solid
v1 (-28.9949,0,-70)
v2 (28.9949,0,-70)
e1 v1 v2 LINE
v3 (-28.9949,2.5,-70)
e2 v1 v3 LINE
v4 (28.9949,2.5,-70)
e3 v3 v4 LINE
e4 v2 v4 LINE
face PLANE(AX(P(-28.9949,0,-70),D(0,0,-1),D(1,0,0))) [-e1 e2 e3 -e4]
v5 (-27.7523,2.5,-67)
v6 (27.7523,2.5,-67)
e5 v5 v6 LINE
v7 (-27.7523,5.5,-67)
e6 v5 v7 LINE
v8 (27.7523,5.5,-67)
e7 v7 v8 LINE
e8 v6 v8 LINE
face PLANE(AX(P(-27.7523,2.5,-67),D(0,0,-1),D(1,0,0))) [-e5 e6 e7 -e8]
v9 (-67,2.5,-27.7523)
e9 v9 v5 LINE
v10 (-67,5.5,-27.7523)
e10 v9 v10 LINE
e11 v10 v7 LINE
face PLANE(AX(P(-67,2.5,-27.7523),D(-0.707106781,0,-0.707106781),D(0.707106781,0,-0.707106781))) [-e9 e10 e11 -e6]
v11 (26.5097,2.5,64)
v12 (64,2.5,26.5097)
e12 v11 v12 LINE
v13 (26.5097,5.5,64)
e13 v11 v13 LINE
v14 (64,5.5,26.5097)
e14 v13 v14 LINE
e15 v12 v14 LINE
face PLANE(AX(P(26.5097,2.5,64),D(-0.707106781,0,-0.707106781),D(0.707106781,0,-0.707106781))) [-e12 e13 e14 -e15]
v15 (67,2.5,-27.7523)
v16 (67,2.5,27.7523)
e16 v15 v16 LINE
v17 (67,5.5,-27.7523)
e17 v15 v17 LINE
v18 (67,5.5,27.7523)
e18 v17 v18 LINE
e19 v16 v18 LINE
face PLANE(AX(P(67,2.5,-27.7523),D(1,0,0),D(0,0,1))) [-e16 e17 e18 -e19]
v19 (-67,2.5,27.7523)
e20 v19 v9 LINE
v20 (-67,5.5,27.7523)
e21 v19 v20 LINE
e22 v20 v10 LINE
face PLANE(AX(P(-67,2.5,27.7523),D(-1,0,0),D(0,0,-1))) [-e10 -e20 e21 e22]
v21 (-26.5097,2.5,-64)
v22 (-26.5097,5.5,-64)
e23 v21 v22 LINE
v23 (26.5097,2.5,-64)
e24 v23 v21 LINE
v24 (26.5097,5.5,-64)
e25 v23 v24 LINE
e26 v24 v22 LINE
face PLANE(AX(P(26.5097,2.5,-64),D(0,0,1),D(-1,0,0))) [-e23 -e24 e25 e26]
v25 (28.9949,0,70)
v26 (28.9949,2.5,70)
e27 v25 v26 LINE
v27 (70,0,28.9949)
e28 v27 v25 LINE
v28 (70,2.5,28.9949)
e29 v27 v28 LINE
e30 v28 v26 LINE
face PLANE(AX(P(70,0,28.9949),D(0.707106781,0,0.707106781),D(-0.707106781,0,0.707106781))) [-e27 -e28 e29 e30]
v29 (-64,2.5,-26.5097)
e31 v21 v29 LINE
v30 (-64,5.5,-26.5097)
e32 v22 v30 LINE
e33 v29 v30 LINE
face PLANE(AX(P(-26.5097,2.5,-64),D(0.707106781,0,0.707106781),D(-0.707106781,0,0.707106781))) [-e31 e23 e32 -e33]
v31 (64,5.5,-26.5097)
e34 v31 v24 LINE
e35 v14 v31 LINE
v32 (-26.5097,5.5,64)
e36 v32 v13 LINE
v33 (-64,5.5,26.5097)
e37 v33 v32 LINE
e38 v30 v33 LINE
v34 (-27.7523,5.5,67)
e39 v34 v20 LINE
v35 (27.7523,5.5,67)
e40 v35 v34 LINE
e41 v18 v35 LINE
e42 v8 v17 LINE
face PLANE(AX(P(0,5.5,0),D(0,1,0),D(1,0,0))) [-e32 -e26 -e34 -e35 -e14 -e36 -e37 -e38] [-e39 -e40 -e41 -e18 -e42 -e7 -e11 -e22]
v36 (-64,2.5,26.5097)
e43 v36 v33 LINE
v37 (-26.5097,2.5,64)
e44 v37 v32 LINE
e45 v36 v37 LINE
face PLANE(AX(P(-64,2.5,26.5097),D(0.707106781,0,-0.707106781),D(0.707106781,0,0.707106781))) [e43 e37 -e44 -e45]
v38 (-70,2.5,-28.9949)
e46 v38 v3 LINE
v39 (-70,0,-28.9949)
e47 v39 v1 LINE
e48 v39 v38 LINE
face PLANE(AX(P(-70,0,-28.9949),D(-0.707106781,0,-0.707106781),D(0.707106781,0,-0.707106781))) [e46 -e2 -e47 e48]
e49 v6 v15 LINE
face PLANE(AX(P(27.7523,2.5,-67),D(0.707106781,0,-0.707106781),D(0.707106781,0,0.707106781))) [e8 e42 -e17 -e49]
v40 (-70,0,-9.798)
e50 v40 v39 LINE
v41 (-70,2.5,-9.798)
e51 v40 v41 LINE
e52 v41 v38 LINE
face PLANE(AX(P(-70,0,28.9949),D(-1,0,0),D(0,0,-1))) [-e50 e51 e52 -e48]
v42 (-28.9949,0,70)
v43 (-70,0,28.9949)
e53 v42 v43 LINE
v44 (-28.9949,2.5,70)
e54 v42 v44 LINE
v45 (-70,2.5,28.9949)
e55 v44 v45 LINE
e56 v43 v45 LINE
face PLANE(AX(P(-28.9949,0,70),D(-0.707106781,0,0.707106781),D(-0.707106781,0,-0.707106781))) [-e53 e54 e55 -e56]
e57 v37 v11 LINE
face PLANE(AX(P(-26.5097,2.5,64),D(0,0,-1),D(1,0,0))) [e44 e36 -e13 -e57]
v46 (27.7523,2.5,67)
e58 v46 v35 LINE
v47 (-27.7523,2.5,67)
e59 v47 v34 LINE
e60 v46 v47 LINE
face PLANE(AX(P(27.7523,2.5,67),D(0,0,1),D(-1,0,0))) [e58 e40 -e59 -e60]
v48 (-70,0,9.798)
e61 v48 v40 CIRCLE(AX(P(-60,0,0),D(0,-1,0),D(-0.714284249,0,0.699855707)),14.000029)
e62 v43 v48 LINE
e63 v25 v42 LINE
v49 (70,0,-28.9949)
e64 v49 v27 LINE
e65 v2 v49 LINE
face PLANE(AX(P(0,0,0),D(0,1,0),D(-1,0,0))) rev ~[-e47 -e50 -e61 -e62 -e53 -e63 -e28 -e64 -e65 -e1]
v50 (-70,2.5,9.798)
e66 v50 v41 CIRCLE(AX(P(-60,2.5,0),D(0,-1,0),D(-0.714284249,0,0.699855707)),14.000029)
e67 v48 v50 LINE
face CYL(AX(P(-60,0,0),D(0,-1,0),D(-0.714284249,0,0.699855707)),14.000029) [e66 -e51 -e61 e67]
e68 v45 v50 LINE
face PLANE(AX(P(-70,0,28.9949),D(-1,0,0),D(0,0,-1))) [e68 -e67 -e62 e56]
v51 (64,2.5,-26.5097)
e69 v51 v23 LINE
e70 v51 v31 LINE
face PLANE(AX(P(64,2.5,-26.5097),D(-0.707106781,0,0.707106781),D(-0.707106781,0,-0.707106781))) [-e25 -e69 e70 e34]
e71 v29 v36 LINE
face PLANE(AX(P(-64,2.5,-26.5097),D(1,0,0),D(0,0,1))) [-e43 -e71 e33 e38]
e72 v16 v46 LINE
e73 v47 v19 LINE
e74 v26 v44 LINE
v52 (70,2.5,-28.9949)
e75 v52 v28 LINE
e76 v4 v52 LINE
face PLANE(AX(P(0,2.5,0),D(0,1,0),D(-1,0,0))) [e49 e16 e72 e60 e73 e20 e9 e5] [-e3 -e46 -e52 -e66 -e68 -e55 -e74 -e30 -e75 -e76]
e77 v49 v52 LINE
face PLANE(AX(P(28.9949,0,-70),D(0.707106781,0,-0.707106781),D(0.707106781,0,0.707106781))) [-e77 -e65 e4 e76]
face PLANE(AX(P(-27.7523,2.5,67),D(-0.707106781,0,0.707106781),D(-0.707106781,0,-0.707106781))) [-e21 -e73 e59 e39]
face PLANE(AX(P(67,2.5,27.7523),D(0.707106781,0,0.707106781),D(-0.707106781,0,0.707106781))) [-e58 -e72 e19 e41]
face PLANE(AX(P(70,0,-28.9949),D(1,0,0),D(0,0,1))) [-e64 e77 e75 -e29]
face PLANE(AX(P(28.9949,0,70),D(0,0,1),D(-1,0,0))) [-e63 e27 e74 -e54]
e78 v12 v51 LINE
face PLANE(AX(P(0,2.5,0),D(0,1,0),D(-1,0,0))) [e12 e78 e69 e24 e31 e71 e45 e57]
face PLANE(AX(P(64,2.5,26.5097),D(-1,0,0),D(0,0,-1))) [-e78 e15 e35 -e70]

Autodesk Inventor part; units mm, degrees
ref_plane "YZ Plane" through (0, 0, 0) normal (1, 0, 0) x (0, 1, 0)
ref_plane "XZ Plane" through (0, 0, 0) normal (0, 1, 0) x (-1, 0, 0)
ref_plane "XY Plane" through (0, 0, 0) normal (0, 0, 1) x (1, 0, 0)
sketch "Skizze4" plane through (0, 0, 0) normal (0, 1, 0) x (-1, 0, 0)
  line L0 (28.9949, 70) -> (70, 28.9949)
  line L1 (70, 28.9949) -> (70, -28.9949)
  line L2 (70, -28.9949) -> (28.9949, -70)
  line L3 (28.9949, -70) -> (-28.9949, -70)
  line L4 (-28.9949, -70) -> (-70, -28.9949)
  line L5 (-70, -28.9949) -> (-70, 28.9949)
  line L6 (-70, 28.9949) -> (-28.9949, 70)
  line L7 (-28.9949, 70) -> (28.9949, 70)
  line L8 (0, -98) -> (0, 98) construction
  line L9 (98, 0) -> (-98, 0) construction
  point P0 (0, 0)
  point P1 (0, 0)
  dimension "d4" = 140
extrude "Extrusion2" add sketch "Skizze4" along normal blind 2.5
sketch "Skizze9" plane through (0, 2.5, 0) normal (0, 1, 0) x (1, 0, 0)
  line L0 (-70, -28.9949) -> (-28.9949, -70) construction
  line L1 (-28.9949, -70) -> (28.9949, -70) construction
  line L2 (28.9949, -70) -> (70, -28.9949) construction
  line L3 (70, -28.9949) -> (70, 28.9949) construction
  line L4 (70, 28.9949) -> (28.9949, 70) construction
  line L5 (28.9949, 70) -> (-28.9949, 70) construction
  line L6 (-28.9949, 70) -> (-70, 28.9949) construction
  line L7 (-70, 28.9949) -> (-70, -28.9949) construction
  line L8 (-27.7523, -67) -> (-67, -27.7523)
  line L9 (-67, -27.7523) -> (-67, 27.7523)
  line L10 (-67, 27.7523) -> (-27.7523, 67)
  line L11 (-27.7523, 67) -> (27.7523, 67)
  line L12 (27.7523, 67) -> (67, 27.7523)
  line L13 (67, 27.7523) -> (67, -27.7523)
  line L14 (67, -27.7523) -> (27.7523, -67)
  line L15 (27.7523, -67) -> (-27.7523, -67)
  line L16 (-64, -26.5097) -> (-26.5097, -64)
  line L17 (-26.5097, -64) -> (26.5097, -64)
  line L18 (26.5097, -64) -> (64, -26.5097)
  line L19 (64, -26.5097) -> (64, 26.5097)
  line L20 (64, 26.5097) -> (26.5097, 64)
  line L21 (26.5097, 64) -> (-26.5097, 64)
  line L22 (-26.5097, 64) -> (-64, 26.5097)
  line L23 (-64, 26.5097) -> (-64, -26.5097)
  point P0 (0, 0)
  dimension "d20" = 3
  dimension "d21" = 3
extrude "Extrusion6" add sketch "Skizze9" along normal blind 3
sketch "Skizze7" plane through (0, 0, 0) normal (0, -1, 0) x (1, 0, 0)
  line L0 (-28.9949, 70) -> (-70, 28.9949) construction
  line L1 (-70, 28.9949) -> (-70, -28.9949) construction
  line L2 (-70, -28.9949) -> (-28.9949, -70) construction
  line L3 (-28.9949, -70) -> (28.9949, -70) construction
  line L4 (28.9949, -70) -> (70, -28.9949) construction
  line L5 (70, -28.9949) -> (70, 28.9949) construction
  line L6 (70, 28.9949) -> (28.9949, 70) construction
  line L7 (28.9949, 70) -> (-28.9949, 70) construction
  line L8 (-70, 28.9949) -> (-70, -28.9949) projected
  arc A0 (-70, 9.798) -> (-70, -9.798) centre (-60, 0) ccw
  line L9 (-87.767, 0) -> (-49.4975, 0) construction
  line L10 (-78.3477, 9.798) -> (-61.6523, 9.798) construction
  line L11 (-77.7764, -9.798) -> (-65.8218, -9.798) construction
  line L12 (-119.3204, 0) -> (101.5534, 0) construction
  point P0 (0, 0)
  dimension "d15" = 14
  dimension "d16" = 10
extrude "Extrusion5" add sketch "Skizze7" against normal up to surface (2.5 mm away)
properties part number "Oktagon_Deckel" material "Kst - PC/Makrolon (clear)"
